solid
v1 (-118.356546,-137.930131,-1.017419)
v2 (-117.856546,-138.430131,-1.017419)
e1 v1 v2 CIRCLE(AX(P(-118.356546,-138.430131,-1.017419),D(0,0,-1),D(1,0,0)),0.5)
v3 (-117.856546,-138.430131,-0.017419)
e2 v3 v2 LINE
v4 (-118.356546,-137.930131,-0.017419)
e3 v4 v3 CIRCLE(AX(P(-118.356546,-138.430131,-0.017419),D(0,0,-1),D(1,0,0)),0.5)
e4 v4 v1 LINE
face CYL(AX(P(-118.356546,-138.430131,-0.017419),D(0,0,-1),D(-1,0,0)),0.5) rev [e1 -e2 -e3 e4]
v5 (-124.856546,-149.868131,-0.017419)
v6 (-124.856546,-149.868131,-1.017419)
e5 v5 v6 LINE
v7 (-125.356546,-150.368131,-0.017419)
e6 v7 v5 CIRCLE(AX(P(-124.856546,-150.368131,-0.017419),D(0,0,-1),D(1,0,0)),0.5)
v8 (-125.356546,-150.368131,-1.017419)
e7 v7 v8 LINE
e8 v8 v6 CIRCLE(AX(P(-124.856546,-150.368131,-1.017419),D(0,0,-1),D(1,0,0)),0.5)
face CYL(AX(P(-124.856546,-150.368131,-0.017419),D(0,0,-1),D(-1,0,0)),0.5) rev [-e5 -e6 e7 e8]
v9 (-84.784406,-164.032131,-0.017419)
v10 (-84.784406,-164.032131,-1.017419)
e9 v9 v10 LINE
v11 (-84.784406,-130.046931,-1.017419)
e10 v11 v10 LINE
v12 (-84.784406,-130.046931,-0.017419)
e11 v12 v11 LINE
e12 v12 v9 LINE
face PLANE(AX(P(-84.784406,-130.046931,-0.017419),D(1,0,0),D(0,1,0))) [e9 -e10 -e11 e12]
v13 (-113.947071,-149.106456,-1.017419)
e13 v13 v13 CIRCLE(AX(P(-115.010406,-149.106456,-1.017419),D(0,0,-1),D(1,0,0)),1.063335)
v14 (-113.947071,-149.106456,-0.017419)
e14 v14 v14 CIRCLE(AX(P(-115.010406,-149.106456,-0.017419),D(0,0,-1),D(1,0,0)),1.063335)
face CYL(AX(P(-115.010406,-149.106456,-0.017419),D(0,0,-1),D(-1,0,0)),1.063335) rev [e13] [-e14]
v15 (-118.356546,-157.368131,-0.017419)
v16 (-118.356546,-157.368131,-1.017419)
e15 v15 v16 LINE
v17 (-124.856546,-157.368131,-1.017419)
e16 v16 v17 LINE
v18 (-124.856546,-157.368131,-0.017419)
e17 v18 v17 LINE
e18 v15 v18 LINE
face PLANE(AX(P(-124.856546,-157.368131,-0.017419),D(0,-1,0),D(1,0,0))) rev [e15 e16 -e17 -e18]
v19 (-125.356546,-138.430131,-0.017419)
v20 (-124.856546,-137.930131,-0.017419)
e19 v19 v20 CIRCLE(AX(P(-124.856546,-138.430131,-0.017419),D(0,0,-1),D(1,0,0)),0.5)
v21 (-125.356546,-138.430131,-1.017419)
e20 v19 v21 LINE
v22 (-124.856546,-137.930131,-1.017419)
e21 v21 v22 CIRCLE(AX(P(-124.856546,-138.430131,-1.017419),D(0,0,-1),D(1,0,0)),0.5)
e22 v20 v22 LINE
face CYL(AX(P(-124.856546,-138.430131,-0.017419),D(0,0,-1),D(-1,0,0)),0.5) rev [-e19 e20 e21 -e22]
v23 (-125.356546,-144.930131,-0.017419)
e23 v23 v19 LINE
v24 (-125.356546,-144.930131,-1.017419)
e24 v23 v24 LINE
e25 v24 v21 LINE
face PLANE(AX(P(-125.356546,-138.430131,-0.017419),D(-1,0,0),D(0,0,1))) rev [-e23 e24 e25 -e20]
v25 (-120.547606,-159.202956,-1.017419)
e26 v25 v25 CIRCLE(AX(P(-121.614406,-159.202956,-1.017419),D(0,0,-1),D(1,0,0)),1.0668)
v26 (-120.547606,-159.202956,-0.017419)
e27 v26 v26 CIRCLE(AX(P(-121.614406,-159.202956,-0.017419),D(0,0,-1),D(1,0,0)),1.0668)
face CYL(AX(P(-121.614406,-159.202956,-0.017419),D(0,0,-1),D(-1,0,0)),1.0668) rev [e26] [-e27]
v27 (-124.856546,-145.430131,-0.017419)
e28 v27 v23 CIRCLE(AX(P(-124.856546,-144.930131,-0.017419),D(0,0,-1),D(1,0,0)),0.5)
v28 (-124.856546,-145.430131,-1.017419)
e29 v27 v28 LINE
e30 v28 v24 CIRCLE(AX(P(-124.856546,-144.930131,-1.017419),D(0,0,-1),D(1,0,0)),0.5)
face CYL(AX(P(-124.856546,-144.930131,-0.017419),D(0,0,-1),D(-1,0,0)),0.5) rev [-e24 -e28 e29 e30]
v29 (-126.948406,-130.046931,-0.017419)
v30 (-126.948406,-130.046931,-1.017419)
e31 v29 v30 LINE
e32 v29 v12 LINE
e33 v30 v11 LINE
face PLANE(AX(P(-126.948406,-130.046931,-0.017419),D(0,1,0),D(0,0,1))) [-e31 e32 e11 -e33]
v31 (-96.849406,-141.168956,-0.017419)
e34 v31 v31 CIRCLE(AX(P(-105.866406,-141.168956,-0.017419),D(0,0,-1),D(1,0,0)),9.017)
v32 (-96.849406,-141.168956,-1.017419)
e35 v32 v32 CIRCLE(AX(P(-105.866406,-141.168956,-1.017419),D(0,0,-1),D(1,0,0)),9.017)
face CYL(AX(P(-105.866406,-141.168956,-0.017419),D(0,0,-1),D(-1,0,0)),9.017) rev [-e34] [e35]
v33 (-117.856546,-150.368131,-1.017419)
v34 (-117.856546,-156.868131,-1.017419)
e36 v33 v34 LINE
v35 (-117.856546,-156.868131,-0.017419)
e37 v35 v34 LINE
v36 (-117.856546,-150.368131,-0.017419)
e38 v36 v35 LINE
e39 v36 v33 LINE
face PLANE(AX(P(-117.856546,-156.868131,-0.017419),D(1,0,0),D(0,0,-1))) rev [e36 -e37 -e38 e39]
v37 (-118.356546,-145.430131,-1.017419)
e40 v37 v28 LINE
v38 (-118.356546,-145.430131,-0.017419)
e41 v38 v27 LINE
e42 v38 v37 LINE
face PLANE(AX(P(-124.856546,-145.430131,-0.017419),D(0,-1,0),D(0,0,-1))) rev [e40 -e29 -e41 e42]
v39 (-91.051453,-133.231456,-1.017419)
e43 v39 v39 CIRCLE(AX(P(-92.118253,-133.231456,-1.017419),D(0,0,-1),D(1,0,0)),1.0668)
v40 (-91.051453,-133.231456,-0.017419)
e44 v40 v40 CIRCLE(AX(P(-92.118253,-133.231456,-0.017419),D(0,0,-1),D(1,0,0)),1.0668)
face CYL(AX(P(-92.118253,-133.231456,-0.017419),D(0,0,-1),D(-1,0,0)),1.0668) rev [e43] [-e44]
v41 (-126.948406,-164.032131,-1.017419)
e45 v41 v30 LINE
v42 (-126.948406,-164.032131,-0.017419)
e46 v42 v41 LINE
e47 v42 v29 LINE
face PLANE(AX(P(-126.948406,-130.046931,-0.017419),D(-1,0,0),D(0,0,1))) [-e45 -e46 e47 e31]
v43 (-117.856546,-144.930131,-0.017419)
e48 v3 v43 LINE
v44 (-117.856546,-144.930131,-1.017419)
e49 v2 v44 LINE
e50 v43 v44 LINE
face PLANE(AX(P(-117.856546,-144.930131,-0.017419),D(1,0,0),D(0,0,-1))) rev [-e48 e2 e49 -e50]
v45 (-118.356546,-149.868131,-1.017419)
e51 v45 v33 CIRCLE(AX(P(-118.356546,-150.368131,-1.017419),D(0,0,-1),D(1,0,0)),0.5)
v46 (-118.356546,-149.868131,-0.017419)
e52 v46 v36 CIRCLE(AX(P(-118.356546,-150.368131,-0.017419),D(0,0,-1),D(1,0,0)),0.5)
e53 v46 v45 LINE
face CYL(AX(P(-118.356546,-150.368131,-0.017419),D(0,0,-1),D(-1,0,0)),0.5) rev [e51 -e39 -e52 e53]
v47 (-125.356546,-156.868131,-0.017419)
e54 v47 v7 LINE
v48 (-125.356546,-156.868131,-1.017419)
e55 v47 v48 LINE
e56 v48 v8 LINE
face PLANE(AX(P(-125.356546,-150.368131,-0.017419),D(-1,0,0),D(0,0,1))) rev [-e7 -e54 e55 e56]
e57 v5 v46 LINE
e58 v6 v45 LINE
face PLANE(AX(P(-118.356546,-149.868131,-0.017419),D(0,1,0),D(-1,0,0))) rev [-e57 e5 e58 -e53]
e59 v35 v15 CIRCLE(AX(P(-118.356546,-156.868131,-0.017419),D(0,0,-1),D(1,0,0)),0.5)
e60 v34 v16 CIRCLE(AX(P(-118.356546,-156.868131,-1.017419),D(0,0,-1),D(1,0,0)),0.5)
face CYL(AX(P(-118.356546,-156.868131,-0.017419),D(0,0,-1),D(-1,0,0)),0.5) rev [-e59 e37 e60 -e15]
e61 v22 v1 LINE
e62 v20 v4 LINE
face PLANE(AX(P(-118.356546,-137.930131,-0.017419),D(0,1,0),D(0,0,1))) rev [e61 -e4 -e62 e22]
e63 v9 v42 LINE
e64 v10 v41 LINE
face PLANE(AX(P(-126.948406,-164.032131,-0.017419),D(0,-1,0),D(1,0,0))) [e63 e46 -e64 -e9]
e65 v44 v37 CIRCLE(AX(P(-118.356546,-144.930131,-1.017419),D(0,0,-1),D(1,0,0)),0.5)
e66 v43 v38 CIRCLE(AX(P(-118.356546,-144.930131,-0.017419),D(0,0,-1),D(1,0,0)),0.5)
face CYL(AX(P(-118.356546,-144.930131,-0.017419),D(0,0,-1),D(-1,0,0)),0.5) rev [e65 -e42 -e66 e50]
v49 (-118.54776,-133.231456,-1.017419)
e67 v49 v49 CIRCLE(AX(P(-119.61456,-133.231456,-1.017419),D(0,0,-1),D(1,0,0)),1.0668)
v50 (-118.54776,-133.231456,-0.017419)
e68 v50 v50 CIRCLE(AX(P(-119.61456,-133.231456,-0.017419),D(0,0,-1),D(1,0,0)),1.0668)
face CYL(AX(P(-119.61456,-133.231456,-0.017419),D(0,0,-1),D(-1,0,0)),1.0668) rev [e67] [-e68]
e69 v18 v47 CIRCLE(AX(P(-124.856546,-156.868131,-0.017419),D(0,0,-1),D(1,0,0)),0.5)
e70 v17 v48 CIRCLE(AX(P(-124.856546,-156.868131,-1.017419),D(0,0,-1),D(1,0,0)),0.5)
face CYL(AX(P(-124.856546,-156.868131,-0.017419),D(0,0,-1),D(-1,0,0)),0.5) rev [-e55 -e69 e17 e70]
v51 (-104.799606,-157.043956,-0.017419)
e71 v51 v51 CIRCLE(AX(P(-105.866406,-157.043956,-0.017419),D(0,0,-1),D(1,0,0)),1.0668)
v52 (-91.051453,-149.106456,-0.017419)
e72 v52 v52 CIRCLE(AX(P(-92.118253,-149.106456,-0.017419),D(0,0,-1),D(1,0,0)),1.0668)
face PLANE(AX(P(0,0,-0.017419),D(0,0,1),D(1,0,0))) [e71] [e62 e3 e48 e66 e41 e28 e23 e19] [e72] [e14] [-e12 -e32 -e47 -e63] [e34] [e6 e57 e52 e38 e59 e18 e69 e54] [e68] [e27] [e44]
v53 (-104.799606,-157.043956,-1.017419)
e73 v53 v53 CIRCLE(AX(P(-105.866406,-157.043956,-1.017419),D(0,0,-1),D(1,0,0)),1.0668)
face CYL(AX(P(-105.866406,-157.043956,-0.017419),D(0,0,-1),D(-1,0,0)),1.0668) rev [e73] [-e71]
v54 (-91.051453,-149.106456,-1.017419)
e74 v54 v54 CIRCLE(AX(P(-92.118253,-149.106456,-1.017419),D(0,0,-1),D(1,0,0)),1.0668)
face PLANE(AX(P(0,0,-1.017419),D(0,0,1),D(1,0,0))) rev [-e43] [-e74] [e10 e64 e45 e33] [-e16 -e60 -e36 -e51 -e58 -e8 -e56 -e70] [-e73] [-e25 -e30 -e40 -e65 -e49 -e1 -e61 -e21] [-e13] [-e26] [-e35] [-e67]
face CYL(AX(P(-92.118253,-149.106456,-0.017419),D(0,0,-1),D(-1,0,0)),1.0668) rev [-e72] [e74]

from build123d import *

# Parameters (mm, degrees)
SKETCH1_W           = 42.164
SKETCH1_H           = 33.9852
SKETCH1_R           = 9.017
SKETCH1_R_2         = 1.0668
SKETCH1_R_3         = 1.063335115
BOSS_EXTRUDE1_DEPTH = 1


with BuildPart() as part:
    # Sketch1 → Boss-Extrude1 (new body)
    with BuildSketch(Plane(origin=(0, 0, -1.017418828), x_dir=(-1, 0, 0), z_dir=(0, 0, -1))):
        with Locations((105.86640625, -147.03953125)):
            Rectangle(SKETCH1_W, SKETCH1_H)
        with Locations((105.86640625, -141.16895625)):
            Circle(SKETCH1_R, mode=Mode.SUBTRACT)
        with Locations((92.118252965, -149.10645625)):
            Circle(SKETCH1_R_2, mode=Mode.SUBTRACT)
        with Locations((92.118252965, -133.23145625)):
            Circle(SKETCH1_R_2, mode=Mode.SUBTRACT)
        with Locations((119.614559536, -133.23145625)):
            Circle(SKETCH1_R_2, mode=Mode.SUBTRACT)
        with Locations((105.86640625, -157.04395625)):
            Circle(SKETCH1_R_2, mode=Mode.SUBTRACT)
        with Locations((115.01040625, -149.10645625)):
            Circle(SKETCH1_R_3, mode=Mode.SUBTRACT)
        with Locations((121.614405679, -159.20295625)):
            Circle(SKETCH1_R_2, mode=Mode.SUBTRACT)
        with BuildLine():
            Line((118.356545978, -137.93013125), (124.856545978, -137.93013125))
            ThreePointArc((124.856545978, -137.93013125), (125.210099369, -138.07657786), (125.356545978, -138.43013125))
            Line((125.356545978, -138.43013125), (125.356545978, -144.93013125))
            ThreePointArc((125.356545978, -144.93013125), (125.210099369, -145.283684641), (124.856545978, -145.43013125))
            Line((124.856545978, -145.43013125), (118.356545978, -145.43013125))
            ThreePointArc((118.356545978, -145.43013125), (118.002992588, -145.283684641), (117.856545978, -144.93013125))
            Line((117.856545978, -144.93013125), (117.856545978, -138.43013125))
            ThreePointArc((117.856545978, -138.43013125), (118.002992588, -138.07657786), (118.356545978, -137.93013125))
        make_face(mode=Mode.SUBTRACT)
        with BuildLine():
            Line((124.856545978, -157.36813125), (118.356545978, -157.36813125))
            ThreePointArc((118.356545978, -157.36813125), (118.002992588, -157.221684641), (117.856545978, -156.86813125))
            Line((117.856545978, -156.86813125), (117.856545978, -150.36813125))
            ThreePointArc((117.856545978, -150.36813125), (118.002992588, -150.01457786), (118.356545978, -149.86813125))
            Line((118.356545978, -149.86813125), (124.856545978, -149.86813125))
            ThreePointArc((124.856545978, -149.86813125), (125.210099369, -150.01457786), (125.356545978, -150.36813125))
            Line((125.356545978, -150.36813125), (125.356545978, -156.86813125))
            ThreePointArc((125.356545978, -156.86813125), (125.210099369, -157.221684641), (124.856545978, -157.36813125))
        make_face(mode=Mode.SUBTRACT)
    extrude(amount=-BOSS_EXTRUDE1_DEPTH)


solid = part.part
